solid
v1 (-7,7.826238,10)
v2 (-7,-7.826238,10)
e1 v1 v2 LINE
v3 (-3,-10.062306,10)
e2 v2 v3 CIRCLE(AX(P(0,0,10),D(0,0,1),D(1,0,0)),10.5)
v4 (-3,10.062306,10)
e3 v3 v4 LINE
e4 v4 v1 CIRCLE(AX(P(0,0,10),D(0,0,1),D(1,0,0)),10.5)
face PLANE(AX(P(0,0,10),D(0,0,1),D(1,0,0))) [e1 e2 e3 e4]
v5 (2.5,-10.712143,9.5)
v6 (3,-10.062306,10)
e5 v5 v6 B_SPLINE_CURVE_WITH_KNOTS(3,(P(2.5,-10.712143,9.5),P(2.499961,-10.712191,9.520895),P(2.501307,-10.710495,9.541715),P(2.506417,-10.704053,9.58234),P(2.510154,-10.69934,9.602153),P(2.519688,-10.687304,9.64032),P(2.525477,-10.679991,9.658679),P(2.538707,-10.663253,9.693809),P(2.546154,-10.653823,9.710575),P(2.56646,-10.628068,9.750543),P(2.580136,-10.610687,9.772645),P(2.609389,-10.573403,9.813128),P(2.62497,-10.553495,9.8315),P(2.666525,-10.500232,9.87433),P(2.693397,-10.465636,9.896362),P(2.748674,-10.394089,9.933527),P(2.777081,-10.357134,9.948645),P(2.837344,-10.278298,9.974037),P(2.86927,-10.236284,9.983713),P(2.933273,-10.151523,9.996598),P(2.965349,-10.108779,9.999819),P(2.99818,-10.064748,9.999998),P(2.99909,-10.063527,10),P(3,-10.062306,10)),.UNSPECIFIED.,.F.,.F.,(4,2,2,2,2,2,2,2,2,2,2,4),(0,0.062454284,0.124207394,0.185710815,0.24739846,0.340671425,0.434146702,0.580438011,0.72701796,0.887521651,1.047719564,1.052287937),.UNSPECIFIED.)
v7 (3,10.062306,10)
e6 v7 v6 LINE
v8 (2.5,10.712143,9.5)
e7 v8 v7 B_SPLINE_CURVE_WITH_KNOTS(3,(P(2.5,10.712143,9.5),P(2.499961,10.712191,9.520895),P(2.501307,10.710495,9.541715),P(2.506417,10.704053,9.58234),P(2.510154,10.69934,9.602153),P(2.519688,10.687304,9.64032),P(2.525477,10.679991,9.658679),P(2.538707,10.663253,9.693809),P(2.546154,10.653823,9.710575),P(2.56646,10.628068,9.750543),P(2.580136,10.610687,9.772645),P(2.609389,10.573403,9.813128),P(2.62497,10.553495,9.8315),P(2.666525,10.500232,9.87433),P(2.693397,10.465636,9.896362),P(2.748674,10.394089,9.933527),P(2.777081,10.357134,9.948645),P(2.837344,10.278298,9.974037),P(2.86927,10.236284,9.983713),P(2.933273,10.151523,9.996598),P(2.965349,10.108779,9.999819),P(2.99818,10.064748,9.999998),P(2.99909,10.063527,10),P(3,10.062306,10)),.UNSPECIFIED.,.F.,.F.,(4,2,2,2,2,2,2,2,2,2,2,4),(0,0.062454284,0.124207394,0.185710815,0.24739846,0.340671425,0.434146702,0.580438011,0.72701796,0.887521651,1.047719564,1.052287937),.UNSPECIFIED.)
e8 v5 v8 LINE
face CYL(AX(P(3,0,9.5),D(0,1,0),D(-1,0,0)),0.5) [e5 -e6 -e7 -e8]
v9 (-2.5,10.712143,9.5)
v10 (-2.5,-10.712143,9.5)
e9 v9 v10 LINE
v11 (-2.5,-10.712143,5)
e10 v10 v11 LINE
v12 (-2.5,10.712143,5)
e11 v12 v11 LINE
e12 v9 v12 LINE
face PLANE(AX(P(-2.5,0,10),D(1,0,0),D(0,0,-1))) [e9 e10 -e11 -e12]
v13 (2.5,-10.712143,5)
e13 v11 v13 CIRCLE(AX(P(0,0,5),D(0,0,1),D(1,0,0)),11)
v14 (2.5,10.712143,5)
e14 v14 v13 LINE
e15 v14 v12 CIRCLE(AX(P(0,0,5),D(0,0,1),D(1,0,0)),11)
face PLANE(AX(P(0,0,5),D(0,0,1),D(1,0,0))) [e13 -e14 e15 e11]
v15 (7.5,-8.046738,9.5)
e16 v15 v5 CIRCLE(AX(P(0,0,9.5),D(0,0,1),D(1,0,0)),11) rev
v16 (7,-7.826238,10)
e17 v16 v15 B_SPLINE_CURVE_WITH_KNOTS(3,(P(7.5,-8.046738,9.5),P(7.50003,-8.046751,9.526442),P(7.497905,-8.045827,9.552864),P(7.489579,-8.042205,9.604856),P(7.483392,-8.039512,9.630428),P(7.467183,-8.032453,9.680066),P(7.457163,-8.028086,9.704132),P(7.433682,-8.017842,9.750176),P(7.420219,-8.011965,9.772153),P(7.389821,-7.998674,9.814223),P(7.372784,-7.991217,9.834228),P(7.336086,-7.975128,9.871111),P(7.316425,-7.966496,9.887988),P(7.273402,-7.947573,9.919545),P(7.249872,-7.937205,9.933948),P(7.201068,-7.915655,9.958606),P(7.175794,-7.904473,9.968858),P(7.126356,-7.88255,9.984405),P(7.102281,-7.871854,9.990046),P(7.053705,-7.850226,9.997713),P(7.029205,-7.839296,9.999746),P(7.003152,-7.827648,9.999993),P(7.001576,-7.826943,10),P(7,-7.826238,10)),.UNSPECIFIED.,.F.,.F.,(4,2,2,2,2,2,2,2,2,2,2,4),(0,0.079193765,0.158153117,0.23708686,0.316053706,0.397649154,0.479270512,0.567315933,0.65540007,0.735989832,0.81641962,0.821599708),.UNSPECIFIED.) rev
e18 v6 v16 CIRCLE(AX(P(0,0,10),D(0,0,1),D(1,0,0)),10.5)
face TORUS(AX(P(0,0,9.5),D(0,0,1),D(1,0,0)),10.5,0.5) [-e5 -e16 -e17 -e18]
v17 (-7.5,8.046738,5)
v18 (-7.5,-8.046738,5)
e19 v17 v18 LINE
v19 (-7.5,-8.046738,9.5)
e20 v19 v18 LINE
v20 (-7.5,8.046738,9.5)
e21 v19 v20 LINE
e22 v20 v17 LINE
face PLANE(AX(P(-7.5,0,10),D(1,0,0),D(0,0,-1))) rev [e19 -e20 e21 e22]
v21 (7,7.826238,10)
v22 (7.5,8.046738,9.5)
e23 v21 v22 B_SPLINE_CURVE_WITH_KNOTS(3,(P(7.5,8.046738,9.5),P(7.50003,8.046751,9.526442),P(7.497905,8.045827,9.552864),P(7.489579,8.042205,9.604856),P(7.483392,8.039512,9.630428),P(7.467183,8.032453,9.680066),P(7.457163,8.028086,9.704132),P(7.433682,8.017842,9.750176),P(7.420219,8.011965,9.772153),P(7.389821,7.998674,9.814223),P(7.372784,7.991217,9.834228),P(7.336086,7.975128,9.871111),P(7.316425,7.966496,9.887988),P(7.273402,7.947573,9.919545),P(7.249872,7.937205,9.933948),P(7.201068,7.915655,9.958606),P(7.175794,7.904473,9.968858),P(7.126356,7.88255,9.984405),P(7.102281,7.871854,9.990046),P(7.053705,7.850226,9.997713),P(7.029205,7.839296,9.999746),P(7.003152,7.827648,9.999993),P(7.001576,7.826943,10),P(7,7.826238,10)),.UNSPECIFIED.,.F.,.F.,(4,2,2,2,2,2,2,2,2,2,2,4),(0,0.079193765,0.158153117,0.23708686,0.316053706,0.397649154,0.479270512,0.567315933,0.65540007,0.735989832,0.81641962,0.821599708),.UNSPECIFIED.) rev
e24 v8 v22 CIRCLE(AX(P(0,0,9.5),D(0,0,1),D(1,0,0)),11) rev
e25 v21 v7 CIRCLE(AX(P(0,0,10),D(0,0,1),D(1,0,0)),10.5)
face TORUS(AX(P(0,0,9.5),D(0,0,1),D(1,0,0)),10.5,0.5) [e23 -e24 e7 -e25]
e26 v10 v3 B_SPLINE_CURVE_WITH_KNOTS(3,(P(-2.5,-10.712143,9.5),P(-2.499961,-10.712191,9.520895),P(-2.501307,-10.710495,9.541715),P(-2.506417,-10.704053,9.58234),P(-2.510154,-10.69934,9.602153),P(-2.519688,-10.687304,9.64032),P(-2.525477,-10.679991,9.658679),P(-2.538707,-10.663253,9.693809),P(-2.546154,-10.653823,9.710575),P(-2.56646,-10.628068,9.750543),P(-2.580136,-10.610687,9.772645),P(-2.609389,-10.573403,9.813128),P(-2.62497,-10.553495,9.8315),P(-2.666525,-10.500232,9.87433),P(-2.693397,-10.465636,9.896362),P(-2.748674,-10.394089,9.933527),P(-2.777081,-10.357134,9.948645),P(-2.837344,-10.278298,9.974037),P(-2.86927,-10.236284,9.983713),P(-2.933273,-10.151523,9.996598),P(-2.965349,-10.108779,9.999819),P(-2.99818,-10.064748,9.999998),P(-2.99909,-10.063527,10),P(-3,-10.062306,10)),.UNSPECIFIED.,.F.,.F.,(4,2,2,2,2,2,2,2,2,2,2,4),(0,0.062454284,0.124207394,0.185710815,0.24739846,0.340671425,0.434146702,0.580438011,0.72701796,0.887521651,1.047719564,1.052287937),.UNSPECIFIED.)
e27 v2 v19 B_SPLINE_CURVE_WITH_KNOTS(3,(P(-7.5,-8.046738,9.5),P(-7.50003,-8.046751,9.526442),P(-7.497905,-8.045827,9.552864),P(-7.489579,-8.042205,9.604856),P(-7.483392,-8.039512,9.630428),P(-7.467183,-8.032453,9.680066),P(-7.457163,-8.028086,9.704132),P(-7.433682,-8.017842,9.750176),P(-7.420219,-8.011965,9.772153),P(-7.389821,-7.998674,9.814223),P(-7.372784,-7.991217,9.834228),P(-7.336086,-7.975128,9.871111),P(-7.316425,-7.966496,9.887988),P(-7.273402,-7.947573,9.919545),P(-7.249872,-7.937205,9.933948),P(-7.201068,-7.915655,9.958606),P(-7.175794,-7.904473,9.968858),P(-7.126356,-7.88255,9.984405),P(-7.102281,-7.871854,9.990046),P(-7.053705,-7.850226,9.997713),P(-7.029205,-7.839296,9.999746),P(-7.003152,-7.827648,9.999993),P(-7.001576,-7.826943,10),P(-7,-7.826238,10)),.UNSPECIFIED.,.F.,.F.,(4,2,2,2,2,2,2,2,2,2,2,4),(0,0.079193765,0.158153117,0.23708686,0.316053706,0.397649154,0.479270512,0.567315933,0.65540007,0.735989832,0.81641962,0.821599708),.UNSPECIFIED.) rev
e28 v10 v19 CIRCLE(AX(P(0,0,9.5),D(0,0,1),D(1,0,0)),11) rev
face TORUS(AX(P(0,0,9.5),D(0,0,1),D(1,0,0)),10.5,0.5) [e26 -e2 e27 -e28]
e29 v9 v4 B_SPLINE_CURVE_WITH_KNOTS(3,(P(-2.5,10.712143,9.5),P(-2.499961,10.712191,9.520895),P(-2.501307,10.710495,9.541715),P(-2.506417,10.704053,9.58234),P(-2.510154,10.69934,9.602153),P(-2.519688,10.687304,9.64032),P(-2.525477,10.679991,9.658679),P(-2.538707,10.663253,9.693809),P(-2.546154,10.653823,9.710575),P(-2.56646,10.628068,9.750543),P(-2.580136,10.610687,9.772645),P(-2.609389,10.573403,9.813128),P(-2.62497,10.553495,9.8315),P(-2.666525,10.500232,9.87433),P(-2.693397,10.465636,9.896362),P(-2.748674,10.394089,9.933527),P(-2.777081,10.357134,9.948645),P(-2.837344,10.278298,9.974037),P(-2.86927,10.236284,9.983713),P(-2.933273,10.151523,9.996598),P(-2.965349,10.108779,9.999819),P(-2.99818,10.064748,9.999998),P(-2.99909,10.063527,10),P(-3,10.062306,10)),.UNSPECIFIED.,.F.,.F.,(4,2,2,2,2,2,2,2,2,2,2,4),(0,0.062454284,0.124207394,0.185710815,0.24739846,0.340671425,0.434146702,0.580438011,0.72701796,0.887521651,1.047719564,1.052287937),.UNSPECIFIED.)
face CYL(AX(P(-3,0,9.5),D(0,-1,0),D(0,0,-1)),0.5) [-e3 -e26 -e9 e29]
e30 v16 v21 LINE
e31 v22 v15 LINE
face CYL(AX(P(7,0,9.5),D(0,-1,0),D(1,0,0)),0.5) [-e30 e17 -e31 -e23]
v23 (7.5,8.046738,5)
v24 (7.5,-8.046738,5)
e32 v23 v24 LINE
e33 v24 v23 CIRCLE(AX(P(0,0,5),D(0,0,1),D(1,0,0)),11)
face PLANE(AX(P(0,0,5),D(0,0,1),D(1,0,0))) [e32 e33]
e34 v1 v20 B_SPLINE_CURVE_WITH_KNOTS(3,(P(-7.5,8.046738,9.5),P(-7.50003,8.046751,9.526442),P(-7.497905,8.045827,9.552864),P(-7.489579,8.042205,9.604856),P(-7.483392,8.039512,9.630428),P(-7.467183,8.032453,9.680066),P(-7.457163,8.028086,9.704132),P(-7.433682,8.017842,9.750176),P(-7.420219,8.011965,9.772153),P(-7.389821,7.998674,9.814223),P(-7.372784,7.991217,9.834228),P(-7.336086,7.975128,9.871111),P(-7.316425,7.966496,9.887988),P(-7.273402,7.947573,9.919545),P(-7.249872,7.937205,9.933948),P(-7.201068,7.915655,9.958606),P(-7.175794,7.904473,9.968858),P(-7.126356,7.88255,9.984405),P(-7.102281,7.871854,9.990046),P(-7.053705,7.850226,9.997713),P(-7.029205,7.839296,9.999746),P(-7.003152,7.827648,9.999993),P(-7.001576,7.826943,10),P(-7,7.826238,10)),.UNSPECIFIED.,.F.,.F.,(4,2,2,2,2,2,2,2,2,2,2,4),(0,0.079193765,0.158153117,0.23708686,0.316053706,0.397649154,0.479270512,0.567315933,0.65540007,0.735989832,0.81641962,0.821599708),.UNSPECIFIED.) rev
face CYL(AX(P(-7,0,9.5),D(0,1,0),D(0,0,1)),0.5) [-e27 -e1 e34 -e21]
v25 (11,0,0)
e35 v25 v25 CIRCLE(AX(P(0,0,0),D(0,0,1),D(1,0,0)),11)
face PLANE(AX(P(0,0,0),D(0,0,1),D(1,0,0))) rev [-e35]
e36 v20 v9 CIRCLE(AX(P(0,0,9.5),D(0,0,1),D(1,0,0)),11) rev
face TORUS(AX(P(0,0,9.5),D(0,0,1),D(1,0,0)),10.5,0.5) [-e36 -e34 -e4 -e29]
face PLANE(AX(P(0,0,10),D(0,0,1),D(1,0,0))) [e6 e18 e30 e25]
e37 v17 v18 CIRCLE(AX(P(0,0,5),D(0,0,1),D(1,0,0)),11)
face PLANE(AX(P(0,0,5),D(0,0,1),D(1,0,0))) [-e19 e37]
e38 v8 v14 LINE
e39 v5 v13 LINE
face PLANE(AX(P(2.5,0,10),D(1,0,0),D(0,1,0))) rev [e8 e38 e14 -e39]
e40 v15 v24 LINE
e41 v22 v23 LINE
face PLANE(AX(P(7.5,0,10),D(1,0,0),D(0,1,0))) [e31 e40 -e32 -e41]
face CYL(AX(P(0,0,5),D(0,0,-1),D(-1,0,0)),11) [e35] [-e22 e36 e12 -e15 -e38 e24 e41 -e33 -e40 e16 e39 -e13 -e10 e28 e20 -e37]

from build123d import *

# Parameters (mm, degrees)
ESQUISSE1_R        = 11
BOSS_EXTRU_1_DEPTH = 5
BOSS_EXTRU_3_DEPTH = 5
CONG_3_R           = 0.5


with BuildPart() as part:
    # Esquisse1 → Boss.-Extru.1 (new body)
    with BuildSketch(Plane.XY):
        Circle(ESQUISSE1_R)
    extrude(amount=BOSS_EXTRU_1_DEPTH)

    # Esquisse2 → Boss.-Extru.3 (add)
    with BuildSketch(Plane.XY.offset(5)):
        with BuildLine():
            ThreePointArc((-2.5, 10.712142643), (-5.174562286, 9.706899873), (-7.5, 8.04673847))
            Line((-7.5, 8.04673847), (-7.5, -8.04673847))
            ThreePointArc((-7.5, -8.04673847), (-5.174562286, -9.706899873), (-2.5, -10.712142643))
            Line((-2.5, -10.712142643), (-2.5, 10.712142643))
        make_face()
        with BuildLine():
            ThreePointArc((7.5, 8.04673847), (5.174562286, 9.706899873), (2.5, 10.712142643))
            Line((2.5, 10.712142643), (2.5, -10.712142643))
            ThreePointArc((2.5, -10.712142643), (5.174562286, -9.706899873), (7.5, -8.04673847))
            Line((7.5, -8.04673847), (7.5, 8.04673847))
        make_face()
    extrude(amount=BOSS_EXTRU_3_DEPTH)

    # Congé3
    cong_3_edges = [part.edges().sort_by_distance(p)[0] for p in [
        (5.174562286, 9.706899873, 10),
        (5.174562286, -9.706899873, 10),
        (7.5, 0, 10),
        (2.5, 0, 10),
        (-5.174562286, 9.706899873, 10),
        (-5.174562286, -9.706899873, 10),
        (-2.5, 0, 10),
        (-7.5, 0, 10),
    ]]
    fillet(cong_3_edges, radius=CONG_3_R)


solid = part.part
